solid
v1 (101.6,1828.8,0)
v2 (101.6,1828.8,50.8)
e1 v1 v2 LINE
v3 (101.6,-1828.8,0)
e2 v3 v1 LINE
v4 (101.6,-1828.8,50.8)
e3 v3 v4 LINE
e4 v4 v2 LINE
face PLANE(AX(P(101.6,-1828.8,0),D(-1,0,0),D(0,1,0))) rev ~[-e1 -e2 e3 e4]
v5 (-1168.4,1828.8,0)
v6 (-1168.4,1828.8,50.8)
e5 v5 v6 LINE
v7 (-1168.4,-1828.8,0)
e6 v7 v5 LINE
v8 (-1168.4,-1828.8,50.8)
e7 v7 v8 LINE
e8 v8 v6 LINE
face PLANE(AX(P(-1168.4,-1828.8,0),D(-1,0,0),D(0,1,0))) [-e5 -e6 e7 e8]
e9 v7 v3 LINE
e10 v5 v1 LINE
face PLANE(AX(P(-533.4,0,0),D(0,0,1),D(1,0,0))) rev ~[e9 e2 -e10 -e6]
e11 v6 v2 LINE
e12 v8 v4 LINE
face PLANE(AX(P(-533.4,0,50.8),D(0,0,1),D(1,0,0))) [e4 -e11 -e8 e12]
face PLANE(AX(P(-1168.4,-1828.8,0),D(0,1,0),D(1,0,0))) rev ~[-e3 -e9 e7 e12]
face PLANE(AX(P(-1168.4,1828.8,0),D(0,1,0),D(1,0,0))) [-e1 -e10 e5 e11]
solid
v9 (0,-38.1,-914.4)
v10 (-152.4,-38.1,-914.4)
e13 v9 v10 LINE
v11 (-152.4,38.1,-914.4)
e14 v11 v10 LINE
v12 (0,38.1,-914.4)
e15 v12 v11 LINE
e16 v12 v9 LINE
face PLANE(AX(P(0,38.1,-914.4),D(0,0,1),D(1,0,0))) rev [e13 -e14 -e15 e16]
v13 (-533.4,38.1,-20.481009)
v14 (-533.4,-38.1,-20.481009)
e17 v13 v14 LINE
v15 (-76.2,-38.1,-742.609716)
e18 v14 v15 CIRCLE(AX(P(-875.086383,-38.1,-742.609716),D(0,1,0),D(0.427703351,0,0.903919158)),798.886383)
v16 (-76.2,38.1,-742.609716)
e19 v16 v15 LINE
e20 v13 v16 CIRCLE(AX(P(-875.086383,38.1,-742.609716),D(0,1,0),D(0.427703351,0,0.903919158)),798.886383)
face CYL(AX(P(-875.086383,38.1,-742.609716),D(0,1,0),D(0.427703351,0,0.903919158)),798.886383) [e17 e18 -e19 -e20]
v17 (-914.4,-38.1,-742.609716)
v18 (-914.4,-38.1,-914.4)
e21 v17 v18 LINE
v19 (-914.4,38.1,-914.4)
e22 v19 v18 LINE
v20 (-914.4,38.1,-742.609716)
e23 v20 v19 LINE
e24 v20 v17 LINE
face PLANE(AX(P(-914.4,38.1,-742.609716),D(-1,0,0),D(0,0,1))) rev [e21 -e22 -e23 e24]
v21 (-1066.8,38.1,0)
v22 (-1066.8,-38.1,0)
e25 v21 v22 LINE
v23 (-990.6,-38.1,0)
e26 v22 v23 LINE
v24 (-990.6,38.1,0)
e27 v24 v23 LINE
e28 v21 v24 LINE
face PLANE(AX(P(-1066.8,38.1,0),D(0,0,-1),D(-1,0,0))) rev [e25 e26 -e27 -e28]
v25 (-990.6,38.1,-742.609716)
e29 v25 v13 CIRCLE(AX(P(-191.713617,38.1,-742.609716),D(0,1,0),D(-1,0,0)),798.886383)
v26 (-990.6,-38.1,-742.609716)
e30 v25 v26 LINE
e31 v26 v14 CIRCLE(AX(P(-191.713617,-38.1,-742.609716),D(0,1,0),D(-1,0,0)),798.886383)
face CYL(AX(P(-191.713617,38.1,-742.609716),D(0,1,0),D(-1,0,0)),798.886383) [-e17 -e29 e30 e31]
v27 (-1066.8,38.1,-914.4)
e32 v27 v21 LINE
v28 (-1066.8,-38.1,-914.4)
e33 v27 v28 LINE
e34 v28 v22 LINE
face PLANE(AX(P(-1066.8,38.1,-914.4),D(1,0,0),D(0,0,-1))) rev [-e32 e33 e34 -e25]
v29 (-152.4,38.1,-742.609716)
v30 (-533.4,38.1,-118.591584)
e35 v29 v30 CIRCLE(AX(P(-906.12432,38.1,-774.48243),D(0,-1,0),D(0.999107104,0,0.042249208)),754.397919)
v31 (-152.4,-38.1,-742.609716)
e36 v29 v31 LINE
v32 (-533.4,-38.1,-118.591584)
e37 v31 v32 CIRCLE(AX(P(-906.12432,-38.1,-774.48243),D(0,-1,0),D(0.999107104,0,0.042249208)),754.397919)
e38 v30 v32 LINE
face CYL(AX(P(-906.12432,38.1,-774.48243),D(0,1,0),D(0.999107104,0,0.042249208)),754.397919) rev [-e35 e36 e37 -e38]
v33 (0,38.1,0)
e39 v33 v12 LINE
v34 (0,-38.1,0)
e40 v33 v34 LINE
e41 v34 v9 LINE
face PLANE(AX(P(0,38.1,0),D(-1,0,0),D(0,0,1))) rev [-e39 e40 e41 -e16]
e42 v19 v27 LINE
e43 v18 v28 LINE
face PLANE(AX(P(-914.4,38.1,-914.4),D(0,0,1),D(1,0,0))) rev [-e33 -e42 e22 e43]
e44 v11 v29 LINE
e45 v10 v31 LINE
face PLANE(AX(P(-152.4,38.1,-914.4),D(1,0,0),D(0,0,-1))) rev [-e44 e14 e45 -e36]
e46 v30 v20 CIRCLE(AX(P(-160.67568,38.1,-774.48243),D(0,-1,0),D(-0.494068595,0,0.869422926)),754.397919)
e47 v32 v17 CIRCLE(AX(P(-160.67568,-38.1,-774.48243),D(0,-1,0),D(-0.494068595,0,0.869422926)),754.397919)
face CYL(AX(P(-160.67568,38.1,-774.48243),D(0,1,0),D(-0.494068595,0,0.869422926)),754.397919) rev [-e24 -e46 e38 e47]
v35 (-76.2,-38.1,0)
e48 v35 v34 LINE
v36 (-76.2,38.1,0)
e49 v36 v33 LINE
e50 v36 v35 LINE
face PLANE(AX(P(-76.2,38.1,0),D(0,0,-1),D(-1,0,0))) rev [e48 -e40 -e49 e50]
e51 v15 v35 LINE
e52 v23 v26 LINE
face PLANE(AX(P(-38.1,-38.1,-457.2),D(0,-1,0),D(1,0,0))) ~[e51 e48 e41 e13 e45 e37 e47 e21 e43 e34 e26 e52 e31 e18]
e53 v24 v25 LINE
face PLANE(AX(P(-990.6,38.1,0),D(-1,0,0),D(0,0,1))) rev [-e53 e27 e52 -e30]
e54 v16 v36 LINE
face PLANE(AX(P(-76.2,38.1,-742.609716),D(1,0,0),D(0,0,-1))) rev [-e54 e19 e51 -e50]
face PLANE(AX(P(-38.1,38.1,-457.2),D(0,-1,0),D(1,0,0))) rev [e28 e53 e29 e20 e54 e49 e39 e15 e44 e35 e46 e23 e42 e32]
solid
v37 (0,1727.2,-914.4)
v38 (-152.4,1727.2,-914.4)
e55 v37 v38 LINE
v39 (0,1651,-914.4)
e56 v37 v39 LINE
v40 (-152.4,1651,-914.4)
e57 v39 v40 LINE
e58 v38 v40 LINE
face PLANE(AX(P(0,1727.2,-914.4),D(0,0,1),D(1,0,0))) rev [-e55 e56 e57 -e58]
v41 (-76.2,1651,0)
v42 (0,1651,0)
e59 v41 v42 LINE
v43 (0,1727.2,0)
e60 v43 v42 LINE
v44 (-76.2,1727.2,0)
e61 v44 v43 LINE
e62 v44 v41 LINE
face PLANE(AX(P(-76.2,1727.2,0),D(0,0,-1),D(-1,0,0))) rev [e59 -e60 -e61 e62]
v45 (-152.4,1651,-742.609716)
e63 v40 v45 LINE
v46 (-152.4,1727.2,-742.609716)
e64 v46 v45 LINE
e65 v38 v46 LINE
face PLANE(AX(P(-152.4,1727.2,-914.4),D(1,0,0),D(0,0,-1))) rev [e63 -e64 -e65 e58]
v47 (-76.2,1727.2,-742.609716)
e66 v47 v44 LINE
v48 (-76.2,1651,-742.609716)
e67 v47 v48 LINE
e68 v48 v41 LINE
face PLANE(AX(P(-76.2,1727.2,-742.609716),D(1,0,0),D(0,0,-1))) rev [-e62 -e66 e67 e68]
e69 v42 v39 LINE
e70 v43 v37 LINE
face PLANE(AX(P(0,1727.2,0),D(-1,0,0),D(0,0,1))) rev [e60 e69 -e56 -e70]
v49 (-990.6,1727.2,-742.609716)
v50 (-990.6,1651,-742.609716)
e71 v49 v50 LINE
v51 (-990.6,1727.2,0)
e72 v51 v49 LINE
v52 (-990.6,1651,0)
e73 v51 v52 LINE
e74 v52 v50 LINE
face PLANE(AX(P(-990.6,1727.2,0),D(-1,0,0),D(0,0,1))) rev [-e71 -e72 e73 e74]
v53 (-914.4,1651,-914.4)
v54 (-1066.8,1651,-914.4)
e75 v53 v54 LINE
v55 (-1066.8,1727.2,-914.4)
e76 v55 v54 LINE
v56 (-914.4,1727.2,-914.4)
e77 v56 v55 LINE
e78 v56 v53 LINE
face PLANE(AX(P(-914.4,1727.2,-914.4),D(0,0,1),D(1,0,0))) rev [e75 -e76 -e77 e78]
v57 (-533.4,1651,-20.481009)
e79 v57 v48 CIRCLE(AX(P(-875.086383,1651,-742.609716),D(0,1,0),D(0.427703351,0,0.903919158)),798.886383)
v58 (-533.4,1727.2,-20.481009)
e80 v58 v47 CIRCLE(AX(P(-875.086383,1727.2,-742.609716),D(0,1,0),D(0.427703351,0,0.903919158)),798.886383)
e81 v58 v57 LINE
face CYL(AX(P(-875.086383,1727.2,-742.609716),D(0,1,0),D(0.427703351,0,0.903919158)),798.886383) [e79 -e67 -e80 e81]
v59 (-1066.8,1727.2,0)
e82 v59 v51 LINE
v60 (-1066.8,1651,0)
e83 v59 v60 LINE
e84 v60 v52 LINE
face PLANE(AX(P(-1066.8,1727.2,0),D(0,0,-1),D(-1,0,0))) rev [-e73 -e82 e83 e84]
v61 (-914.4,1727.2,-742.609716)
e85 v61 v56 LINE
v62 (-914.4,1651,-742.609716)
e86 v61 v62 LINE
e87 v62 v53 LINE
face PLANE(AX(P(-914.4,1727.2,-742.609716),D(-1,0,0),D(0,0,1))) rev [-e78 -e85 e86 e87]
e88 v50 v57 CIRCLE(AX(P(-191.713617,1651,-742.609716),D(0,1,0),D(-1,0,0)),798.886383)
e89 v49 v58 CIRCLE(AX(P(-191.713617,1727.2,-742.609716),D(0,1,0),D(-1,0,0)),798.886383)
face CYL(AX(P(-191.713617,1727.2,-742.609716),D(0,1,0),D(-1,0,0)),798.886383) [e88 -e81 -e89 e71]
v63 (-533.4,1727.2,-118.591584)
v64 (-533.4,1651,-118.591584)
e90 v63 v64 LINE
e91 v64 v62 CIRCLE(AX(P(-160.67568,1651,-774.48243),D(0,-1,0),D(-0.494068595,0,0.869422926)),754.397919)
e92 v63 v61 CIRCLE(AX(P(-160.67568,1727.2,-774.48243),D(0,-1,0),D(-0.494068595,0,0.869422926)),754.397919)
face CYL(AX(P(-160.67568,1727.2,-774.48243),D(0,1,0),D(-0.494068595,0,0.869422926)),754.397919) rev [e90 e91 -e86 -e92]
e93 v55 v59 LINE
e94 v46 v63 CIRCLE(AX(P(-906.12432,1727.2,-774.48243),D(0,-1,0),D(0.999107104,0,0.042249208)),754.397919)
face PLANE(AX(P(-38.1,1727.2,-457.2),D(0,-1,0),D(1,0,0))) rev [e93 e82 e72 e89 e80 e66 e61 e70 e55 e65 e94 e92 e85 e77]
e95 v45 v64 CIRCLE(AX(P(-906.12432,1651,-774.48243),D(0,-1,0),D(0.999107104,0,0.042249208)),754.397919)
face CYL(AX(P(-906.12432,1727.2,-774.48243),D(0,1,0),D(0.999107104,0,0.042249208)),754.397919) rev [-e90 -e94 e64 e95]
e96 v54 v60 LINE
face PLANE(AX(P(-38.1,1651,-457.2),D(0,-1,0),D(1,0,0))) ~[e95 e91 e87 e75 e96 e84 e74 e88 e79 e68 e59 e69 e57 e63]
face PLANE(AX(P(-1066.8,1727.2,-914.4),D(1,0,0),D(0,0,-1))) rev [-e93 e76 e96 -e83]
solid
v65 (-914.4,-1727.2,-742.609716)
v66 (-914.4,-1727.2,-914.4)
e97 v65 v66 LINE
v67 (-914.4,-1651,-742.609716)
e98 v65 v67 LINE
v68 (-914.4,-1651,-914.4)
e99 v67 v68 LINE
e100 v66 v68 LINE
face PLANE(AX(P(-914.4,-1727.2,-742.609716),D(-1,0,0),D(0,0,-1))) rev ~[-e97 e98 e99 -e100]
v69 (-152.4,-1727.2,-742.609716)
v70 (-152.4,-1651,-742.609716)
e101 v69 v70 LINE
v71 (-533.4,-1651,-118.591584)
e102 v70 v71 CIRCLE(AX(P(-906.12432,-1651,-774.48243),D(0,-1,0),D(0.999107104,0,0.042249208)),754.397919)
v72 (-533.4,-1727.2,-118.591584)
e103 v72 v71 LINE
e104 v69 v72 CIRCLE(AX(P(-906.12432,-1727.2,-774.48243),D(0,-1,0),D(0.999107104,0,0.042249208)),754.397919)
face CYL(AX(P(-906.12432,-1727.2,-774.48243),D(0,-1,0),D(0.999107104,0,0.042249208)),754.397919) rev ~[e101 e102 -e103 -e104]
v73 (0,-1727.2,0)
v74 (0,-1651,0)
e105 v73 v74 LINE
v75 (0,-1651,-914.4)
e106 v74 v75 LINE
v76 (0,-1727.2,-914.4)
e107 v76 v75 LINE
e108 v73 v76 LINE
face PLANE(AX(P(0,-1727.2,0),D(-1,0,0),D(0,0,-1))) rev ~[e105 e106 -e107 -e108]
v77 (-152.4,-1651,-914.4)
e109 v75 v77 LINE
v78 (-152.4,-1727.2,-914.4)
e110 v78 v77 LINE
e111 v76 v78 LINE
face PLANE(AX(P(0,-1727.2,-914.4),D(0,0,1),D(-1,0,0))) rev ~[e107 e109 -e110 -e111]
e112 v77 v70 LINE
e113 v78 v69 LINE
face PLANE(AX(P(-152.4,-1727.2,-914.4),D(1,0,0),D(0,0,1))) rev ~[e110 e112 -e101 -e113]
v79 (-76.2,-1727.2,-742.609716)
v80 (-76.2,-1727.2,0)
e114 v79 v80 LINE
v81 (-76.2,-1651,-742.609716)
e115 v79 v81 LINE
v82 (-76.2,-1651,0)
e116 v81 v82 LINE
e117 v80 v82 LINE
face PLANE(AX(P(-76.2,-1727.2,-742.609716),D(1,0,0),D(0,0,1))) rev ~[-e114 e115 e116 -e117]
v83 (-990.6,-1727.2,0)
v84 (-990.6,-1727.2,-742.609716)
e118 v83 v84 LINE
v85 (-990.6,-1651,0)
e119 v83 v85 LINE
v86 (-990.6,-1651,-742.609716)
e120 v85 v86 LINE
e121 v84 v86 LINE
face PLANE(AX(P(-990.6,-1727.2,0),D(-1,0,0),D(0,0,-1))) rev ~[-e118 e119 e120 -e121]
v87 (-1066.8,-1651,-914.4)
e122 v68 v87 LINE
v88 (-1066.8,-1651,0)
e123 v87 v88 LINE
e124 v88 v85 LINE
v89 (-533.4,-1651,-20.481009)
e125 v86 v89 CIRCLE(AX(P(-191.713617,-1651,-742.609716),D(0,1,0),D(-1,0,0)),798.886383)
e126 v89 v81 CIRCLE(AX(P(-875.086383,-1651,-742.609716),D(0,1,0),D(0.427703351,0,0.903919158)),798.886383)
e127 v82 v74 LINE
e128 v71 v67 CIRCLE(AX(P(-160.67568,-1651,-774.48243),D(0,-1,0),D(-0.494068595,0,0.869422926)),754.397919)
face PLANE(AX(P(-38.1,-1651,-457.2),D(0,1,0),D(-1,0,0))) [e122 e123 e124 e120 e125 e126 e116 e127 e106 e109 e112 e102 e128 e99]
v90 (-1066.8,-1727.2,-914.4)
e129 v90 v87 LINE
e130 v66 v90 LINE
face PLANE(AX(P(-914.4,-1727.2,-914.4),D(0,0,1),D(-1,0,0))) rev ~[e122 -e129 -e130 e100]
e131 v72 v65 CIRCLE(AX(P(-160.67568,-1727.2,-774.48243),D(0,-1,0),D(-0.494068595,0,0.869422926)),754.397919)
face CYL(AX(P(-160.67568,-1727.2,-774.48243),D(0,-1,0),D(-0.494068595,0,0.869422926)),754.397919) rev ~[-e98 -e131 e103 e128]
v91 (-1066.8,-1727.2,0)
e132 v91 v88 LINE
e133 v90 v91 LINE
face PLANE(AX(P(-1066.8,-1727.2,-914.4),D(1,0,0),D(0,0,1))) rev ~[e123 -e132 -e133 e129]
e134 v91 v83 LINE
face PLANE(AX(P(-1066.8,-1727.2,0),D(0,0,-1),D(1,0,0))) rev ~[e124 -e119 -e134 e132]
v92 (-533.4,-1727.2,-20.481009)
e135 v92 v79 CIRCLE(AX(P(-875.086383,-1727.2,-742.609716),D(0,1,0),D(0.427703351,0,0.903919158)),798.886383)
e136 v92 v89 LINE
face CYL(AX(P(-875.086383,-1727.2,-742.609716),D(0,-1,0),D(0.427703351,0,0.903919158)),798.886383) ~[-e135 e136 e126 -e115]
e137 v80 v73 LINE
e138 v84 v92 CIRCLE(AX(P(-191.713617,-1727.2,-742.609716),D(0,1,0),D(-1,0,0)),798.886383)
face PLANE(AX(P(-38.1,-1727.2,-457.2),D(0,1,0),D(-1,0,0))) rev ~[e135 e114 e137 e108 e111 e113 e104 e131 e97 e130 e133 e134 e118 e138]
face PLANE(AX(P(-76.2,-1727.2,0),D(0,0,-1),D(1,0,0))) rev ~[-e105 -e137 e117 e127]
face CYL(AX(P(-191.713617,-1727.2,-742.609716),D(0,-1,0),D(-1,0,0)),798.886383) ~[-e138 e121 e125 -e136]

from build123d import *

# Parameters (mm, degrees)
F3_DEPTH = 76.2
F8_W     = 1270
F8_H     = 3657.6
F9_DEPTH = 50.8


with BuildPart() as f3:
    # F2 (on line) → F3 (new body)
    with BuildSketch(Plane(origin=(0, -1727.2, 0), x_dir=(-1, 0, 0), z_dir=(0, 1, 0))):
        Polygon((76.2, 0), (0, 0), (0, -914.4), (76.2, -914.4), (76.2, -742.60971566), align=None)
        with BuildLine():
            ThreePointArc((533.4, -20.4810089839), (200.1093272439, -315.2627521147), (76.2, -742.60971566))
            Line((76.2, -742.60971566), (76.2, -914.4))
            Line((76.2, -914.4), (152.4, -914.4))
            Line((152.4, -914.4), (152.4, -742.60971566))
            ThreePointArc((152.4, -742.60971566), (262.252211808, -381.3604023556), (533.4, -118.5915842652))
            ThreePointArc((533.4, -118.5915842652), (804.547788192, -381.3604023556), (914.4, -742.60971566))
            Line((914.4, -742.60971566), (914.4, -914.4))
            Line((914.4, -914.4), (990.6, -914.4))
            Line((990.6, -914.4), (990.6, -742.60971566))
            ThreePointArc((990.6, -742.60971566), (866.6906727561, -315.2627521147), (533.4, -20.4810089839))
        make_face()
        Polygon((990.6, 0), (990.6, -742.60971566), (990.6, -914.4), (1066.8, -914.4), (1066.8, 0), align=None)
    extrude(amount=F3_DEPTH)


with BuildPart() as f6_1:
    # F6: instance of F3
    add(f3.part.mirror(Plane.XZ.offset(844.55)))


with BuildPart() as f7_1:
    # F7: instance of F3
    add(f3.part.mirror(Plane.XZ))


with BuildPart() as f9:
    # F8 (on Top) → F9 (new body)
    with BuildSketch(Plane.XY):
        with Locations((-533.4, 0)):
            Rectangle(F8_W, F8_H)
    extrude(amount=F9_DEPTH)


solid = Compound([f3.part, f6_1.part, f7_1.part, f9.part])
